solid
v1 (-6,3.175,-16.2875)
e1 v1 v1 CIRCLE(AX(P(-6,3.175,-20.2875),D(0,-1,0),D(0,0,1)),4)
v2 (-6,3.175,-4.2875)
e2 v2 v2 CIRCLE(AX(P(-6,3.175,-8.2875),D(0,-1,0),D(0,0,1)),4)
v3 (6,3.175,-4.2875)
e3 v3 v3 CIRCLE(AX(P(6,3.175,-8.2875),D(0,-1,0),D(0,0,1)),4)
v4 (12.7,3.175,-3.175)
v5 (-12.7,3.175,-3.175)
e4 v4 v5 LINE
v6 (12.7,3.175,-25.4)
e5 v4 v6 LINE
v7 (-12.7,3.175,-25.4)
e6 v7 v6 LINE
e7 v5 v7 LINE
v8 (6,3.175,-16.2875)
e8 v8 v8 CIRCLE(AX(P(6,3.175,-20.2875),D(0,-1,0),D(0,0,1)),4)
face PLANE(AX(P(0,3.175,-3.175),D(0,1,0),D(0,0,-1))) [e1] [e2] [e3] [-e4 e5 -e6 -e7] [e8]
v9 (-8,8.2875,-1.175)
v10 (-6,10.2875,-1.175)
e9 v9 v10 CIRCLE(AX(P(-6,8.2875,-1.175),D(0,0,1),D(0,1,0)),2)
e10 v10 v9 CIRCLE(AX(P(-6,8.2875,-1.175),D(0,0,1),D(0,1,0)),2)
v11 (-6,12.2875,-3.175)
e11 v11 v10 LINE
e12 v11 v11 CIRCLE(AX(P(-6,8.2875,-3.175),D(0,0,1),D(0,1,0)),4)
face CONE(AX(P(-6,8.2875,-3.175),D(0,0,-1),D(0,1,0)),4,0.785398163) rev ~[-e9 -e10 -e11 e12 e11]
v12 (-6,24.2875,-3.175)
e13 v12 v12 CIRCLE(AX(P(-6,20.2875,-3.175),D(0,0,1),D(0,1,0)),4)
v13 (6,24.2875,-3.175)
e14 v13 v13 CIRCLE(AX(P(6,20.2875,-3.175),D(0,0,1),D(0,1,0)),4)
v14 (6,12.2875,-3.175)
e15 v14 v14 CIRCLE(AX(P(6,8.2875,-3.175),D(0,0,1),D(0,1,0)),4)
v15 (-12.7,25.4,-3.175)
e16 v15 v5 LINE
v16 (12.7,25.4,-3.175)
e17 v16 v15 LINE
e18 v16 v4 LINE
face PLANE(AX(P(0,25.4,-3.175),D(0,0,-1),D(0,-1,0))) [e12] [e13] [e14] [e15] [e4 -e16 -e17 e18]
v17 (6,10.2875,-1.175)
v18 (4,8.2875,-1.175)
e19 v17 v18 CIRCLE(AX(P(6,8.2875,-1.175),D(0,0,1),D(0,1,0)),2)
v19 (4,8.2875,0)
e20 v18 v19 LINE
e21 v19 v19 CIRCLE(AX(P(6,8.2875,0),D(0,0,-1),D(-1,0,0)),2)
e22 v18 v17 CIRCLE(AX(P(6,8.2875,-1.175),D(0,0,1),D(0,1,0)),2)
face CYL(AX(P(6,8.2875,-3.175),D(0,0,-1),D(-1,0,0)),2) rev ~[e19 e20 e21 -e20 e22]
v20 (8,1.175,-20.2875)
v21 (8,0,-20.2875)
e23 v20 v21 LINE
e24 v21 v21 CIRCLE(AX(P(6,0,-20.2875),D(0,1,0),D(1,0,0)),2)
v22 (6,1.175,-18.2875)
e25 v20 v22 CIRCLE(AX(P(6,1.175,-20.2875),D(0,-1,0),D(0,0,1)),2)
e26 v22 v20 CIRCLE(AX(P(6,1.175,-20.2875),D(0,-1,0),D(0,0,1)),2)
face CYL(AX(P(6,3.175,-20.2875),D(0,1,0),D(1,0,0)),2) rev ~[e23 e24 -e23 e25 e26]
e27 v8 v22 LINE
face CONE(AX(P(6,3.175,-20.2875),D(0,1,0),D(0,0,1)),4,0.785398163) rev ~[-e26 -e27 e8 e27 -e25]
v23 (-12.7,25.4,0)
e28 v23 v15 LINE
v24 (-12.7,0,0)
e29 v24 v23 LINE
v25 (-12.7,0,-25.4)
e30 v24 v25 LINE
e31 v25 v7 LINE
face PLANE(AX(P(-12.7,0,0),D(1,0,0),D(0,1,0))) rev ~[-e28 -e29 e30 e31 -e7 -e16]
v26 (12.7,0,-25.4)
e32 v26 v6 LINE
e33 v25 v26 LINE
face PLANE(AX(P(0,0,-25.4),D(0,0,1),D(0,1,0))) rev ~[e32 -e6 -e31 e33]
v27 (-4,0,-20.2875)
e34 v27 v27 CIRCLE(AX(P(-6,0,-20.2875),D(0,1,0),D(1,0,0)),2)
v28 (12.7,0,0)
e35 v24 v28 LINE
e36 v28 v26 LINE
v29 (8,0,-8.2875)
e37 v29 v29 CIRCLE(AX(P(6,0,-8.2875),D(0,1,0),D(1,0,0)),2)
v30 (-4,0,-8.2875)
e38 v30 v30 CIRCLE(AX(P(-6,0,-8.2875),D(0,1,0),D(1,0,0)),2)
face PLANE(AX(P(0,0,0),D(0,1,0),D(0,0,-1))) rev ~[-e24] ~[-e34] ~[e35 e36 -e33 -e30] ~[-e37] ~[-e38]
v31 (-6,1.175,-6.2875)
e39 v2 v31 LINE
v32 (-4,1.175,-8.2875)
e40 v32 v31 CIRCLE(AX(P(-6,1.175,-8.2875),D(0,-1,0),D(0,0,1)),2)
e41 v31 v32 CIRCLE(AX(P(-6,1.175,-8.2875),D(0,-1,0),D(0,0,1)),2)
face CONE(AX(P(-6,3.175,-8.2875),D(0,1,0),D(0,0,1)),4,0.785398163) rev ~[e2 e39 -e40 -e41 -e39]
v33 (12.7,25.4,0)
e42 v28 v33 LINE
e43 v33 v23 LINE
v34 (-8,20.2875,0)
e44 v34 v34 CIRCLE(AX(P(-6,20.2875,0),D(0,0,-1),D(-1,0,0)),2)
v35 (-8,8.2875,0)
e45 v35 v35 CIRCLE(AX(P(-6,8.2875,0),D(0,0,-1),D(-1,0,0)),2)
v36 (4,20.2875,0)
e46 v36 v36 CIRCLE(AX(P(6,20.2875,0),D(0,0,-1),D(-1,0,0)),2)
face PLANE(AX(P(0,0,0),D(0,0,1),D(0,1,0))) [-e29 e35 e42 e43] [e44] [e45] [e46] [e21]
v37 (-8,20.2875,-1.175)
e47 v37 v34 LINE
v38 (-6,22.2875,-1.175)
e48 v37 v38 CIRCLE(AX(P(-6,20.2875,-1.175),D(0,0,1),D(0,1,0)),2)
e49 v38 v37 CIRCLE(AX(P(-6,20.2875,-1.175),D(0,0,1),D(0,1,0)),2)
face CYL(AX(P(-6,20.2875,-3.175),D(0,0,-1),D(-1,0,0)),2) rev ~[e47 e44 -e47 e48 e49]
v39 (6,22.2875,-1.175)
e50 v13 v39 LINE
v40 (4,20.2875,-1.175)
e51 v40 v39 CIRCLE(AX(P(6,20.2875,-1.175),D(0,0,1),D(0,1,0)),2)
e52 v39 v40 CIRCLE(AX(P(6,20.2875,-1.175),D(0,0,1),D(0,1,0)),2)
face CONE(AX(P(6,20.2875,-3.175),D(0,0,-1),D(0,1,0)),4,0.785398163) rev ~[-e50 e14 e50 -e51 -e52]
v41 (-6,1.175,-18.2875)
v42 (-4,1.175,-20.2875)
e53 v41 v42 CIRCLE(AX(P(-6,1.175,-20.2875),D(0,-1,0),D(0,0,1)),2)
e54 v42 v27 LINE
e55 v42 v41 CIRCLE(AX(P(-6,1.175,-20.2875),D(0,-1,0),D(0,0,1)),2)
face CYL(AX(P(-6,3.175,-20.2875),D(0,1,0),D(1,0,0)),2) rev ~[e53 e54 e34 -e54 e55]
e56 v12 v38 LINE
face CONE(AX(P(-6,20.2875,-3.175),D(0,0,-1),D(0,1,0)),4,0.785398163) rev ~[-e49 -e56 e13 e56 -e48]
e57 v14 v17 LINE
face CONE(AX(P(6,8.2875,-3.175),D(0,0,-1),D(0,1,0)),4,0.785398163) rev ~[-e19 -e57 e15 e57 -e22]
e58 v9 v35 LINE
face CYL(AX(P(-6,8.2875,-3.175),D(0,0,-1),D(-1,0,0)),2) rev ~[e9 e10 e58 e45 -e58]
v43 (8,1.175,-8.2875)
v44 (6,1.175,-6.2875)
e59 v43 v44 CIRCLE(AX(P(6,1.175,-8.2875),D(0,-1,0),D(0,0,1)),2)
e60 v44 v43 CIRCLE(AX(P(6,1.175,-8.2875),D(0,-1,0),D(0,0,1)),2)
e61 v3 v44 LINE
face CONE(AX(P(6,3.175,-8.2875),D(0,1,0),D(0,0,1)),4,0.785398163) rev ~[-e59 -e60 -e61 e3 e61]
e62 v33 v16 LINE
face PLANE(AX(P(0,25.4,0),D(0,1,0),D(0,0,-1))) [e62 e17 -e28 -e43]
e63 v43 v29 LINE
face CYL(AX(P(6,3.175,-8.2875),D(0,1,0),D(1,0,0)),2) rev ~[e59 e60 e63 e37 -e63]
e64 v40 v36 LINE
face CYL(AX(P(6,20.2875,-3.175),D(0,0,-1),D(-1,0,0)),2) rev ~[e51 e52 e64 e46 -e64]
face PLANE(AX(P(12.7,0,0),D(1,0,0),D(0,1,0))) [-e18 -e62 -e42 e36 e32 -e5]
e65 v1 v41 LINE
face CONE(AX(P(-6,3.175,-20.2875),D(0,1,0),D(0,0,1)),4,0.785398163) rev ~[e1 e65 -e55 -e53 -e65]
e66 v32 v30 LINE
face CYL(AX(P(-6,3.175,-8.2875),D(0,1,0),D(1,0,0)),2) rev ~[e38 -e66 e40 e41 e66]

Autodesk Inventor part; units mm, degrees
ref_plane "YZ Plane" through (0, 0, 0) normal (1, 0, 0) x (0, 1, 0)
ref_plane "XZ Plane" through (0, 0, 0) normal (0, 1, 0) x (-1, 0, 0)
ref_plane "XY Plane" through (0, 0, 0) normal (0, 0, 1) x (1, 0, 0)
sketch "Sketch1" plane through (0, 0, 0) normal (1, 0, 0) x (0, 1, 0)
  line L0 (0, 0) -> (25.4, 0)
  line L1 (0, 0) -> (0, -25.4)
  line L2 (0, -25.4) -> (3.175, -25.4)
  line L3 (25.4, 0) -> (25.4, -3.175)
  line L4 (25.4, -3.175) -> (3.175, -3.175)
  line L5 (3.175, -3.175) -> (3.175, -25.4)
  dimension "d0" = 25.4
  dimension "d1" = 25.4
  dimension "d2" = 3.175
  dimension "d3" = 3.175
extrude "Extrusion1" add sketch "Sketch1" along normal mid plane 25.4
sketch "Sketch2" plane through (-12.7, 3.175, -3.175) normal (0, 1, 0) x (1, 0, 0)
  line L0 (0, 0) -> (25.4, 0) construction
  line L1 (25.4, 22.225) -> (25.4, 0) construction
  line L2 (25.4, 22.225) -> (0, 22.225) construction
  line L3 (0, 0) -> (0, 22.225) construction
  line L4 (12.7, 22.225) -> (12.7, 0) construction
  line L5 (0, 11.1125) -> (25.4, 11.1125) construction
  circle A0 centre (18.7, 17.1125) radius 2
  circle A1 centre (6.7, 17.1125) radius 2
  circle A2 centre (6.7, 5.1125) radius 2
  circle A3 centre (18.7, 5.1125) radius 2
  point P0 (12.7, -3.175)
  point P1 (12.7, 11.1125)
  point P2 (12.7, 11.1125)
  dimension "d7" = 4
  dimension "d8" = 6
  dimension "d32" = 6
  dimension "d35" = 360
extrude "Extrusion2" cut sketch "Sketch2" against normal through all contours A0
sketch "Sketch3" plane through (12.7, 25.4, -3.175) normal (0, 0, -1) x (-1, 0, 0)
  line L0 (25.4, 0) -> (0, 0) construction
  line L1 (0, -22.225) -> (0, 0) construction
  line L2 (25.4, -22.225) -> (0, -22.225) construction
  line L3 (25.4, 0) -> (25.4, -22.225) construction
  line L4 (12.7, 0) -> (12.7, -22.225) construction
  line L5 (0, -11.1125) -> (25.4, -11.1125) construction
  circle A0 centre (18.7, -5.1125) radius 2
  circle A1 centre (6.7, -5.1125) radius 2
  circle A2 centre (6.7, -17.1125) radius 2
  circle A3 centre (18.7, -17.1125) radius 2
  point P0 (12.7, -25.4)
  point P1 (12.7, -11.1125)
  point P2 (12.7, -11.1125)
  dimension "d13" = 4
  dimension "d14" = 6
  dimension "d39" = 6
  dimension "d42" = 360
extrude "Extrusion3" cut sketch "Sketch3" against normal through all contours A0
extrude "Extrusion4" cut sketch "Sketch2" against normal through all contours A1 | A2 | A3
extrude "Extrusion5" cut sketch "Sketch3" against normal through all contours A1 | A2 | A3
hole "Hole3" at (6, 3.175, -8.2875) at (-6, 3.175, -8.2875) at (-6, 3.175, -20.2875) at (6, 3.175, -20.2875) direction (0, -1, 0) diameter 4 end through all countersink diameter 8 countersink angle 90
hole "Hole4" at (6, 8.2875, -3.175) at (-6, 8.2875, -3.175) at (-6, 20.2875, -3.175) at (6, 20.2875, -3.175) direction (0, 0, 1) diameter 4 end through all countersink diameter 8 countersink angle 90
properties part number "Arashtrix 1in x 1in L-Bracket"
